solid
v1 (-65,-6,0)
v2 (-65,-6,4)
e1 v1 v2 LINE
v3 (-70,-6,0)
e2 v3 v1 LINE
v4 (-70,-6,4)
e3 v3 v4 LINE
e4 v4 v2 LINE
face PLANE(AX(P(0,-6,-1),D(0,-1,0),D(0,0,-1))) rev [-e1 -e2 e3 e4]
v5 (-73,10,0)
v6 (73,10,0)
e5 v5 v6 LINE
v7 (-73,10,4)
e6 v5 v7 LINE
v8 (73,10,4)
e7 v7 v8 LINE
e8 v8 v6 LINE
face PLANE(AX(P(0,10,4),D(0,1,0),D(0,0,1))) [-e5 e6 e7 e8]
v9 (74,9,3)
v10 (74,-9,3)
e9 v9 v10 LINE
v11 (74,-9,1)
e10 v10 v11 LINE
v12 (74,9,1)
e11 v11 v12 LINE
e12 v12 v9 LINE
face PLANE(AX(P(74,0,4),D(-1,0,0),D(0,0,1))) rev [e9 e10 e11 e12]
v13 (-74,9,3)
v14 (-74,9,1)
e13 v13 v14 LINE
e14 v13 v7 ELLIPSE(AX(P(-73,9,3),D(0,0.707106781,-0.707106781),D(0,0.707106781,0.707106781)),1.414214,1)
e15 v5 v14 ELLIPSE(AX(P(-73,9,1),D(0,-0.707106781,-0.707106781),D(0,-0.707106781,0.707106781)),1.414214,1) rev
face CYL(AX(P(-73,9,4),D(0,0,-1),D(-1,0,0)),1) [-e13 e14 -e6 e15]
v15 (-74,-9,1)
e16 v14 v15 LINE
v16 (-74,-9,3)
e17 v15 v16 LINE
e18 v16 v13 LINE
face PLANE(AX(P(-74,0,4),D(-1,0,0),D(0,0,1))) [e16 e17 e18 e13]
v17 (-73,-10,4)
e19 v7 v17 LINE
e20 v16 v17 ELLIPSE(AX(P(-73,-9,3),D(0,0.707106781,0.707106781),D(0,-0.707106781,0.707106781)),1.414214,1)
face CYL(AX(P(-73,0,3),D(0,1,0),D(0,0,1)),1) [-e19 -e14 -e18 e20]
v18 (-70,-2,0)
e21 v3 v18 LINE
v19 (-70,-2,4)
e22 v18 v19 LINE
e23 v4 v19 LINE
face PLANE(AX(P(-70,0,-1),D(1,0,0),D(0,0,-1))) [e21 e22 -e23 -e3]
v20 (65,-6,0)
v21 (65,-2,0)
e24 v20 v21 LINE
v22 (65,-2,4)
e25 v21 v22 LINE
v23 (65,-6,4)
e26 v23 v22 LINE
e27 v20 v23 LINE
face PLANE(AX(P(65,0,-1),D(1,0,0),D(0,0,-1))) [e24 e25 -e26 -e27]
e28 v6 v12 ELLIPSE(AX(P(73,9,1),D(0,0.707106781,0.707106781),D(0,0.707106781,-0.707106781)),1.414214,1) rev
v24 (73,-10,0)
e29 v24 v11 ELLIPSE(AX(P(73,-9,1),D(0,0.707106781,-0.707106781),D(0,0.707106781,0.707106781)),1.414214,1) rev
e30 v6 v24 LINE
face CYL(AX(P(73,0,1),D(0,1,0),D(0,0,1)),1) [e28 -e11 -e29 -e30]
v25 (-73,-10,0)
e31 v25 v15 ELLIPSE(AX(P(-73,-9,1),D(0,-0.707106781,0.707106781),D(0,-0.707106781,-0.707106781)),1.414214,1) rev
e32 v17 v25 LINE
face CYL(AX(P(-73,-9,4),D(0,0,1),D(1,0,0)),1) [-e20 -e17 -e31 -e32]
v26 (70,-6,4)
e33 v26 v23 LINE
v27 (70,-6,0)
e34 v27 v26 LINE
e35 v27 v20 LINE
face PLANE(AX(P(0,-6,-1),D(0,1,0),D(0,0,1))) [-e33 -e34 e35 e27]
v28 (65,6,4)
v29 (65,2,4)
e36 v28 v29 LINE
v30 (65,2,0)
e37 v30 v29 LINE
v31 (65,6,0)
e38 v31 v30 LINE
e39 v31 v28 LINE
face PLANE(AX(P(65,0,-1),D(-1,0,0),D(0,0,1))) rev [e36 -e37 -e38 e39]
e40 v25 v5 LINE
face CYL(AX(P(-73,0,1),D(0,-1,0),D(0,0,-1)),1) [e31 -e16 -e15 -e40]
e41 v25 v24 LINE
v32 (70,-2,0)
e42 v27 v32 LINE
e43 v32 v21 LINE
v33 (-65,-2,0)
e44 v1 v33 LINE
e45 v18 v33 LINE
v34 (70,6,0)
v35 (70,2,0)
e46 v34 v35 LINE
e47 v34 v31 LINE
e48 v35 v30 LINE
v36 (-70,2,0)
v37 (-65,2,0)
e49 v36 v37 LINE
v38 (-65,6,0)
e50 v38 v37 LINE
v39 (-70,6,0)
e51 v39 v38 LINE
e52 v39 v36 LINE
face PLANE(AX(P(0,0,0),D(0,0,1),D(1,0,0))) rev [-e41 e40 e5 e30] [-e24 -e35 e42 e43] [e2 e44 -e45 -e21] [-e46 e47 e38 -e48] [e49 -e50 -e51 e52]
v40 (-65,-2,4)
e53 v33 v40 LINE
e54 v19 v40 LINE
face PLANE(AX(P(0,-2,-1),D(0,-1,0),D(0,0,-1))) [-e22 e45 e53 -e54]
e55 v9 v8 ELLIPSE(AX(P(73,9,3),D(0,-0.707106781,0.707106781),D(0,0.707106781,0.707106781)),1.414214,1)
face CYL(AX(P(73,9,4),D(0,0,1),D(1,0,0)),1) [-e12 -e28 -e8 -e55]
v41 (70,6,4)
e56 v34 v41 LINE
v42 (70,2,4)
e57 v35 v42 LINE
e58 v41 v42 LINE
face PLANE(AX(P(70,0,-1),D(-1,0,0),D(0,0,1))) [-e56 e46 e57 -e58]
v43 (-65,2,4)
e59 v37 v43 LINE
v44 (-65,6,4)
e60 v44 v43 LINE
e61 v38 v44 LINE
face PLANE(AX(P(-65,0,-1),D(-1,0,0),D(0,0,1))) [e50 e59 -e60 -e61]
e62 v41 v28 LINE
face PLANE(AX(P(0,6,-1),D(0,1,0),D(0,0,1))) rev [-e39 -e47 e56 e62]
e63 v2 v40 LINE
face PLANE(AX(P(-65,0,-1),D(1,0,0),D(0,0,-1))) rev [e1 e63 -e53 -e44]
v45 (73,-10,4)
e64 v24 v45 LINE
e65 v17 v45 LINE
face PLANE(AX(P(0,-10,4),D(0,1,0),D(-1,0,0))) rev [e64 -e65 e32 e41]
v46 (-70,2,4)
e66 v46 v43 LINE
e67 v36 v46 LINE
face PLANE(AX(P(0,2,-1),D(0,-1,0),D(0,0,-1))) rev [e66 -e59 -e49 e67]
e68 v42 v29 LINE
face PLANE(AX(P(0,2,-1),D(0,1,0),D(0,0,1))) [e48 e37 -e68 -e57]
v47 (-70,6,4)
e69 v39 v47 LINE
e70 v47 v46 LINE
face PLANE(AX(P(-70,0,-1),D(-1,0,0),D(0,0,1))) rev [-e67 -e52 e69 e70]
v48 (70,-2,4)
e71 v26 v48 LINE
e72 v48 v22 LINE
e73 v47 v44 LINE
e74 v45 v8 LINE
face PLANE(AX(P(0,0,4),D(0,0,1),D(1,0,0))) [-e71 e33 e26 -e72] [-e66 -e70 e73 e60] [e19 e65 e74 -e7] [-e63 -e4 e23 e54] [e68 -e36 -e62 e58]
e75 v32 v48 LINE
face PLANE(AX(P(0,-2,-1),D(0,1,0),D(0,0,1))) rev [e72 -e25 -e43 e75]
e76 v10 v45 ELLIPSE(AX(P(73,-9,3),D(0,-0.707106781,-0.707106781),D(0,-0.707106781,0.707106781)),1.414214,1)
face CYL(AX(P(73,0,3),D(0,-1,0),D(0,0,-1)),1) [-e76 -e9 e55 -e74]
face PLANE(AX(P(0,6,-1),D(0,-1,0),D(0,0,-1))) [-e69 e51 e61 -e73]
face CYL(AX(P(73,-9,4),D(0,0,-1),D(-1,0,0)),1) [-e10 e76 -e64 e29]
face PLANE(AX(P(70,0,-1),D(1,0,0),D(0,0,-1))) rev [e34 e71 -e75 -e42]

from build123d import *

# Parameters (mm, degrees)
SKETCH_1_W          = 74
SKETCH_1_H          = 20
EXTRUDE_1_DEPTH     = 4
SKETCH_2_W          = 5
SKETCH_2_H          = 4
CUT_EXTRUDE_1_DEPTH = 5
FILLET_1_R          = 1


with BuildPart() as part:
    # 草图1 → 凸台-拉伸1 (new body)
    with BuildSketch(Plane.XY):
        with Locations((-37, 0)):
            Rectangle(SKETCH_1_W, SKETCH_1_H)
        with Locations((37, 0)):
            Rectangle(SKETCH_1_W, SKETCH_1_H)
    extrude(amount=EXTRUDE_1_DEPTH)

    # 草图2 → 切除-拉伸1 (cut)
    with BuildSketch(Plane.XY.offset(4)):
        with Locations((-67.5, -4)):
            Rectangle(SKETCH_2_W, SKETCH_2_H)
        with Locations((-67.5, 4)):
            Rectangle(SKETCH_2_W, SKETCH_2_H)
        with Locations((67.5, 4)):
            Rectangle(SKETCH_2_W, SKETCH_2_H)
        with Locations((67.5, -4)):
            Rectangle(SKETCH_2_W, SKETCH_2_H)
    extrude(amount=-CUT_EXTRUDE_1_DEPTH, mode=Mode.SUBTRACT)

    # 圆角1
    fillet_1_edges = [part.edges().sort_by_distance(p)[0] for p in [
        (-74, 0, 4),
        (74, 0, 4),
        (74, 0, 0),
        (-74, 0, 0),
        (74, 10, 2),
        (74, -10, 2),
        (-74, -10, 2),
        (-74, 10, 2),
    ]]
    fillet(fillet_1_edges, radius=FILLET_1_R)


solid = part.part
